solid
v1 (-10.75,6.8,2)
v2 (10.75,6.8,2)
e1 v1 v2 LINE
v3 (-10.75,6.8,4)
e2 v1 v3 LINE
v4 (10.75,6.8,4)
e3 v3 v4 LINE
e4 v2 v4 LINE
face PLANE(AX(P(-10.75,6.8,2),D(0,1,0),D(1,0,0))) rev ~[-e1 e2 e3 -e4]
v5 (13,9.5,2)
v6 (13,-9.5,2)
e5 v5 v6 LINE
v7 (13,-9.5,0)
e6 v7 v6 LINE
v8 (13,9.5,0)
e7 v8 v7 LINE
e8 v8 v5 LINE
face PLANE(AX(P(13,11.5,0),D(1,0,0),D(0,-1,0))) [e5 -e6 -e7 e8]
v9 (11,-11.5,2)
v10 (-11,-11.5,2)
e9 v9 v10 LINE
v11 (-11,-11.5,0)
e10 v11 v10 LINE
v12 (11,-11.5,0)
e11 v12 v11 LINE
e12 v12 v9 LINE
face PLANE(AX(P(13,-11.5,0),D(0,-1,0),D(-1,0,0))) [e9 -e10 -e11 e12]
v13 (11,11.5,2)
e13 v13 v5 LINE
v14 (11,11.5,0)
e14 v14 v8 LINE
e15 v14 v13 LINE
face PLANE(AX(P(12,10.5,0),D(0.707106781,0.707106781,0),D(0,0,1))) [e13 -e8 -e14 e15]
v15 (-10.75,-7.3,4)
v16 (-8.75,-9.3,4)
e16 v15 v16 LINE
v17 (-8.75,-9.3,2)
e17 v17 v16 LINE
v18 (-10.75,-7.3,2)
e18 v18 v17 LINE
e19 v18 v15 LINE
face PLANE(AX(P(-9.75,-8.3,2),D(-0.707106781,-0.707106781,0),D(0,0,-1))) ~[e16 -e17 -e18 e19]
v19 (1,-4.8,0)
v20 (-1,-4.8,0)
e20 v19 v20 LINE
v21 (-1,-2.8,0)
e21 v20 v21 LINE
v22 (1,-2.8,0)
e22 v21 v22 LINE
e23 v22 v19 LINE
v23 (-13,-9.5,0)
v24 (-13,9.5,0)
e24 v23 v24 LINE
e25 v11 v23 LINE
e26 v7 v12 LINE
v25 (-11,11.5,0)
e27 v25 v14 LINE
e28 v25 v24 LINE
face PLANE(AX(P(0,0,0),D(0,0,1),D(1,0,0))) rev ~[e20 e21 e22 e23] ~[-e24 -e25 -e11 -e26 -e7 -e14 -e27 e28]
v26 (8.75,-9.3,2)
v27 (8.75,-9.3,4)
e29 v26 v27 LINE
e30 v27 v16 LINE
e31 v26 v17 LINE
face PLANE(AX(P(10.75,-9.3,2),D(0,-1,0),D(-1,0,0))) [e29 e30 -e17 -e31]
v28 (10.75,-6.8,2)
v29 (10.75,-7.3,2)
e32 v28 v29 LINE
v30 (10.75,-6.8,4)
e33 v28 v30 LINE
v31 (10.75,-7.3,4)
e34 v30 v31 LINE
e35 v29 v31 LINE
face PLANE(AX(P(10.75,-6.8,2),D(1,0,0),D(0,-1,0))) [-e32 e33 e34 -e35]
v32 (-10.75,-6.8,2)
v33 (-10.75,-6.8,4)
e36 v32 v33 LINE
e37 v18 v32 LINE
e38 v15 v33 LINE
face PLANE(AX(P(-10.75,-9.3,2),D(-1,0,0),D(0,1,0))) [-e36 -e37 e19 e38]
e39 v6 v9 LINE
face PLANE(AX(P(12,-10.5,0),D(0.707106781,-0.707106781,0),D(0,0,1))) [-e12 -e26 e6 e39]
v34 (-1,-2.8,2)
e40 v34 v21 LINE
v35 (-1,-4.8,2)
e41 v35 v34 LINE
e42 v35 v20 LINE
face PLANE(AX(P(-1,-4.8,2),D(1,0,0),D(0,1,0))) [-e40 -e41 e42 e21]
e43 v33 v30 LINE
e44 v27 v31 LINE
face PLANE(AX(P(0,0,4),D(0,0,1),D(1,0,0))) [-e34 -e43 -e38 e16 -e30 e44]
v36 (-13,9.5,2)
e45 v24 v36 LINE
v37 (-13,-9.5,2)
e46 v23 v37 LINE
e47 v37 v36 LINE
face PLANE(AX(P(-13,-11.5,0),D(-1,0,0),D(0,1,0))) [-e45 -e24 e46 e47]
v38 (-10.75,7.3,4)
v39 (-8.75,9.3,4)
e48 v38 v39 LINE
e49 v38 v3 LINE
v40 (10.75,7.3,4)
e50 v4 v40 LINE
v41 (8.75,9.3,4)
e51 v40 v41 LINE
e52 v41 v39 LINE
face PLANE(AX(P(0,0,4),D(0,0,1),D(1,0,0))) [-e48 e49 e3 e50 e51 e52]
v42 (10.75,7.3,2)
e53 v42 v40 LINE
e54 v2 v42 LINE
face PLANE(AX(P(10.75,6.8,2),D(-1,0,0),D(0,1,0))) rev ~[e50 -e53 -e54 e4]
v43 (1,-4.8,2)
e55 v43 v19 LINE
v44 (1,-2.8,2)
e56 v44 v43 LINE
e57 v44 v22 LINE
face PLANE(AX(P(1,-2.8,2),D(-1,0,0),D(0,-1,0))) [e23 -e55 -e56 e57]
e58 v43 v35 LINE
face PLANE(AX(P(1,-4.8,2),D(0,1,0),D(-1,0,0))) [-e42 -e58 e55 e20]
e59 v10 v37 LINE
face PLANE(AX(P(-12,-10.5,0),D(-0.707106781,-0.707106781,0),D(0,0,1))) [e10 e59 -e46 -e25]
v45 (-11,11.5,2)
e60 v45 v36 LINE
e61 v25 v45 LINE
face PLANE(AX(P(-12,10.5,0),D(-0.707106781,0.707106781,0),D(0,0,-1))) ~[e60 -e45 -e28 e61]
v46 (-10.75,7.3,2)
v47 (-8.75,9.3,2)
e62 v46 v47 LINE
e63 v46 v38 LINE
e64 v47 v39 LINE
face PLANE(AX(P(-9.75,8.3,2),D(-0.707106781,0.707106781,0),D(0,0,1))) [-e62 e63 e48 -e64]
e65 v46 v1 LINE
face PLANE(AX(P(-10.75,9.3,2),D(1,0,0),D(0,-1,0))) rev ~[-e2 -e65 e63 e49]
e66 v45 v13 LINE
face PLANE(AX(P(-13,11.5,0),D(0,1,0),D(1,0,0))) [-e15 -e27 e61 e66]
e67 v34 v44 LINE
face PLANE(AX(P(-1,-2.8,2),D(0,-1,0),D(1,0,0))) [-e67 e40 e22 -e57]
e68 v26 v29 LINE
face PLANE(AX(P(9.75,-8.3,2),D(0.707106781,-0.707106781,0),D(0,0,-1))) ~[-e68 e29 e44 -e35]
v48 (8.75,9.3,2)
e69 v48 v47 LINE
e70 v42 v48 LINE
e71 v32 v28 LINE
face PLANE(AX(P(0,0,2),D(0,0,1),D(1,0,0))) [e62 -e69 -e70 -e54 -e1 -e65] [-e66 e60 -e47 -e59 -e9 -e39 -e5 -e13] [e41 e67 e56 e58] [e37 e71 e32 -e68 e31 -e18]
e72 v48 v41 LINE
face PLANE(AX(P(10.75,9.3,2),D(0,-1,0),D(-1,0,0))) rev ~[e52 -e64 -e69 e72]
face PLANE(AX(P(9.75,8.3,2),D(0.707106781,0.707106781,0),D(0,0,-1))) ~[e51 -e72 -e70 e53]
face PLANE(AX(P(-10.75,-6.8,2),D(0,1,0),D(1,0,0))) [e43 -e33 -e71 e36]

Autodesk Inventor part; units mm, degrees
ref_plane "YZ Plane" through (0, 0, 0) normal (1, 0, 0) x (0, 1, 0)
ref_plane "XZ Plane" through (0, 0, 0) normal (0, 1, 0) x (-1, 0, 0)
ref_plane "XY Plane" through (0, 0, 0) normal (0, 0, 1) x (1, 0, 0)
sketch "Esboço1" plane through (0, 0, 0) normal (0, 0, 1) x (1, 0, 0)
  line L0 (-13, 11.5) -> (13, 11.5)
  line L1 (13, 11.5) -> (13, -11.5)
  line L2 (13, -11.5) -> (-13, -11.5)
  line L3 (-13, -11.5) -> (-13, 11.5)
  line L4 (-13, 11.5) -> (13, -11.5) construction
  line L5 (13, 11.5) -> (-13, -11.5) construction
  point P0 (0, 0)
  dimension "d0" = 26
  dimension "d1" = 23
extrude "Extrusão1" add sketch "Esboço1" along normal blind 2
chamfer "Chanfro1" distance 2 angle 45 4 edges at (-13, 11.5, 1) (-13, -11.5, 1) (13, 11.5, 1) (13, -11.5, 1)
sketch "Esboço2" plane through (0, 0, 2) normal (0, 0, 1) x (1, 0, 0)
  line L0 (-10.75, 6.8) -> (10.75, 6.8)
  line L1 (10.75, 6.8) -> (10.75, 9.3)
  line L2 (10.75, 9.3) -> (-10.75, 9.3)
  line L3 (-10.75, 9.3) -> (-10.75, 6.8)
  line L4 (-10.75, 6.8) -> (10.75, 9.3) construction
  line L5 (10.75, 6.8) -> (-10.75, 9.3) construction
  line L6 (11, 11.5) -> (-11, 11.5) projected
  line L7 (-13, 9.5) -> (-13, -9.5) projected
  line L8 (0, 0) -> (3.5372, 0) construction
  line L9 (-10.75, -6.8) -> (10.75, -6.8)
  line L10 (10.75, -6.8) -> (10.75, -9.3)
  line L11 (10.75, -9.3) -> (-10.75, -9.3)
  line L12 (-10.75, -9.3) -> (-10.75, -6.8)
  line L13 (-10.75, -6.8) -> (10.75, -9.3) construction
  line L14 (10.75, -6.8) -> (-10.75, -9.3) construction
  point P0 (0, 8.05)
  point P1 (0, -8.05)
  dimension "d7" = 21.5
  dimension "d8" = 2.5
  dimension "d9" = 2.2
  dimension "d10" = 2.25
extrude "Extrusão2" add sketch "Esboço2" along normal blind 2
chamfer "Chanfro2" distance 2 angle 45 4 edges at (-10.75, 9.3, 3) (10.75, 9.3, 3) (10.75, -9.3, 3) (-10.75, -9.3, 3)
sketch "Esboço3" plane through (0, 0, 2) normal (0, 0, 1) x (1, 0, 0)
  line L0 (-1, -2.8) -> (1, -2.8)
  line L1 (1, -2.8) -> (1, -4.8)
  line L2 (1, -4.8) -> (-1, -4.8)
  line L3 (-1, -4.8) -> (-1, -2.8)
  line L4 (-1, -2.8) -> (1, -4.8) construction
  line L5 (1, -2.8) -> (-1, -4.8) construction
  line L6 (-10.75, -6.8) -> (10.75, -6.8) projected
  line L7 (13, -9.5) -> (13, 9.5) projected
  point P0 (0, 0)
  point P1 (0, -3.8)
  dimension "d16" = 2
  dimension "d17" = 2
  dimension "d18" = 2
  dimension "d19" = 12
extrude "Extrusão3" cut sketch "Esboço3" against normal blind 10
properties part number "TampaEletronica"
